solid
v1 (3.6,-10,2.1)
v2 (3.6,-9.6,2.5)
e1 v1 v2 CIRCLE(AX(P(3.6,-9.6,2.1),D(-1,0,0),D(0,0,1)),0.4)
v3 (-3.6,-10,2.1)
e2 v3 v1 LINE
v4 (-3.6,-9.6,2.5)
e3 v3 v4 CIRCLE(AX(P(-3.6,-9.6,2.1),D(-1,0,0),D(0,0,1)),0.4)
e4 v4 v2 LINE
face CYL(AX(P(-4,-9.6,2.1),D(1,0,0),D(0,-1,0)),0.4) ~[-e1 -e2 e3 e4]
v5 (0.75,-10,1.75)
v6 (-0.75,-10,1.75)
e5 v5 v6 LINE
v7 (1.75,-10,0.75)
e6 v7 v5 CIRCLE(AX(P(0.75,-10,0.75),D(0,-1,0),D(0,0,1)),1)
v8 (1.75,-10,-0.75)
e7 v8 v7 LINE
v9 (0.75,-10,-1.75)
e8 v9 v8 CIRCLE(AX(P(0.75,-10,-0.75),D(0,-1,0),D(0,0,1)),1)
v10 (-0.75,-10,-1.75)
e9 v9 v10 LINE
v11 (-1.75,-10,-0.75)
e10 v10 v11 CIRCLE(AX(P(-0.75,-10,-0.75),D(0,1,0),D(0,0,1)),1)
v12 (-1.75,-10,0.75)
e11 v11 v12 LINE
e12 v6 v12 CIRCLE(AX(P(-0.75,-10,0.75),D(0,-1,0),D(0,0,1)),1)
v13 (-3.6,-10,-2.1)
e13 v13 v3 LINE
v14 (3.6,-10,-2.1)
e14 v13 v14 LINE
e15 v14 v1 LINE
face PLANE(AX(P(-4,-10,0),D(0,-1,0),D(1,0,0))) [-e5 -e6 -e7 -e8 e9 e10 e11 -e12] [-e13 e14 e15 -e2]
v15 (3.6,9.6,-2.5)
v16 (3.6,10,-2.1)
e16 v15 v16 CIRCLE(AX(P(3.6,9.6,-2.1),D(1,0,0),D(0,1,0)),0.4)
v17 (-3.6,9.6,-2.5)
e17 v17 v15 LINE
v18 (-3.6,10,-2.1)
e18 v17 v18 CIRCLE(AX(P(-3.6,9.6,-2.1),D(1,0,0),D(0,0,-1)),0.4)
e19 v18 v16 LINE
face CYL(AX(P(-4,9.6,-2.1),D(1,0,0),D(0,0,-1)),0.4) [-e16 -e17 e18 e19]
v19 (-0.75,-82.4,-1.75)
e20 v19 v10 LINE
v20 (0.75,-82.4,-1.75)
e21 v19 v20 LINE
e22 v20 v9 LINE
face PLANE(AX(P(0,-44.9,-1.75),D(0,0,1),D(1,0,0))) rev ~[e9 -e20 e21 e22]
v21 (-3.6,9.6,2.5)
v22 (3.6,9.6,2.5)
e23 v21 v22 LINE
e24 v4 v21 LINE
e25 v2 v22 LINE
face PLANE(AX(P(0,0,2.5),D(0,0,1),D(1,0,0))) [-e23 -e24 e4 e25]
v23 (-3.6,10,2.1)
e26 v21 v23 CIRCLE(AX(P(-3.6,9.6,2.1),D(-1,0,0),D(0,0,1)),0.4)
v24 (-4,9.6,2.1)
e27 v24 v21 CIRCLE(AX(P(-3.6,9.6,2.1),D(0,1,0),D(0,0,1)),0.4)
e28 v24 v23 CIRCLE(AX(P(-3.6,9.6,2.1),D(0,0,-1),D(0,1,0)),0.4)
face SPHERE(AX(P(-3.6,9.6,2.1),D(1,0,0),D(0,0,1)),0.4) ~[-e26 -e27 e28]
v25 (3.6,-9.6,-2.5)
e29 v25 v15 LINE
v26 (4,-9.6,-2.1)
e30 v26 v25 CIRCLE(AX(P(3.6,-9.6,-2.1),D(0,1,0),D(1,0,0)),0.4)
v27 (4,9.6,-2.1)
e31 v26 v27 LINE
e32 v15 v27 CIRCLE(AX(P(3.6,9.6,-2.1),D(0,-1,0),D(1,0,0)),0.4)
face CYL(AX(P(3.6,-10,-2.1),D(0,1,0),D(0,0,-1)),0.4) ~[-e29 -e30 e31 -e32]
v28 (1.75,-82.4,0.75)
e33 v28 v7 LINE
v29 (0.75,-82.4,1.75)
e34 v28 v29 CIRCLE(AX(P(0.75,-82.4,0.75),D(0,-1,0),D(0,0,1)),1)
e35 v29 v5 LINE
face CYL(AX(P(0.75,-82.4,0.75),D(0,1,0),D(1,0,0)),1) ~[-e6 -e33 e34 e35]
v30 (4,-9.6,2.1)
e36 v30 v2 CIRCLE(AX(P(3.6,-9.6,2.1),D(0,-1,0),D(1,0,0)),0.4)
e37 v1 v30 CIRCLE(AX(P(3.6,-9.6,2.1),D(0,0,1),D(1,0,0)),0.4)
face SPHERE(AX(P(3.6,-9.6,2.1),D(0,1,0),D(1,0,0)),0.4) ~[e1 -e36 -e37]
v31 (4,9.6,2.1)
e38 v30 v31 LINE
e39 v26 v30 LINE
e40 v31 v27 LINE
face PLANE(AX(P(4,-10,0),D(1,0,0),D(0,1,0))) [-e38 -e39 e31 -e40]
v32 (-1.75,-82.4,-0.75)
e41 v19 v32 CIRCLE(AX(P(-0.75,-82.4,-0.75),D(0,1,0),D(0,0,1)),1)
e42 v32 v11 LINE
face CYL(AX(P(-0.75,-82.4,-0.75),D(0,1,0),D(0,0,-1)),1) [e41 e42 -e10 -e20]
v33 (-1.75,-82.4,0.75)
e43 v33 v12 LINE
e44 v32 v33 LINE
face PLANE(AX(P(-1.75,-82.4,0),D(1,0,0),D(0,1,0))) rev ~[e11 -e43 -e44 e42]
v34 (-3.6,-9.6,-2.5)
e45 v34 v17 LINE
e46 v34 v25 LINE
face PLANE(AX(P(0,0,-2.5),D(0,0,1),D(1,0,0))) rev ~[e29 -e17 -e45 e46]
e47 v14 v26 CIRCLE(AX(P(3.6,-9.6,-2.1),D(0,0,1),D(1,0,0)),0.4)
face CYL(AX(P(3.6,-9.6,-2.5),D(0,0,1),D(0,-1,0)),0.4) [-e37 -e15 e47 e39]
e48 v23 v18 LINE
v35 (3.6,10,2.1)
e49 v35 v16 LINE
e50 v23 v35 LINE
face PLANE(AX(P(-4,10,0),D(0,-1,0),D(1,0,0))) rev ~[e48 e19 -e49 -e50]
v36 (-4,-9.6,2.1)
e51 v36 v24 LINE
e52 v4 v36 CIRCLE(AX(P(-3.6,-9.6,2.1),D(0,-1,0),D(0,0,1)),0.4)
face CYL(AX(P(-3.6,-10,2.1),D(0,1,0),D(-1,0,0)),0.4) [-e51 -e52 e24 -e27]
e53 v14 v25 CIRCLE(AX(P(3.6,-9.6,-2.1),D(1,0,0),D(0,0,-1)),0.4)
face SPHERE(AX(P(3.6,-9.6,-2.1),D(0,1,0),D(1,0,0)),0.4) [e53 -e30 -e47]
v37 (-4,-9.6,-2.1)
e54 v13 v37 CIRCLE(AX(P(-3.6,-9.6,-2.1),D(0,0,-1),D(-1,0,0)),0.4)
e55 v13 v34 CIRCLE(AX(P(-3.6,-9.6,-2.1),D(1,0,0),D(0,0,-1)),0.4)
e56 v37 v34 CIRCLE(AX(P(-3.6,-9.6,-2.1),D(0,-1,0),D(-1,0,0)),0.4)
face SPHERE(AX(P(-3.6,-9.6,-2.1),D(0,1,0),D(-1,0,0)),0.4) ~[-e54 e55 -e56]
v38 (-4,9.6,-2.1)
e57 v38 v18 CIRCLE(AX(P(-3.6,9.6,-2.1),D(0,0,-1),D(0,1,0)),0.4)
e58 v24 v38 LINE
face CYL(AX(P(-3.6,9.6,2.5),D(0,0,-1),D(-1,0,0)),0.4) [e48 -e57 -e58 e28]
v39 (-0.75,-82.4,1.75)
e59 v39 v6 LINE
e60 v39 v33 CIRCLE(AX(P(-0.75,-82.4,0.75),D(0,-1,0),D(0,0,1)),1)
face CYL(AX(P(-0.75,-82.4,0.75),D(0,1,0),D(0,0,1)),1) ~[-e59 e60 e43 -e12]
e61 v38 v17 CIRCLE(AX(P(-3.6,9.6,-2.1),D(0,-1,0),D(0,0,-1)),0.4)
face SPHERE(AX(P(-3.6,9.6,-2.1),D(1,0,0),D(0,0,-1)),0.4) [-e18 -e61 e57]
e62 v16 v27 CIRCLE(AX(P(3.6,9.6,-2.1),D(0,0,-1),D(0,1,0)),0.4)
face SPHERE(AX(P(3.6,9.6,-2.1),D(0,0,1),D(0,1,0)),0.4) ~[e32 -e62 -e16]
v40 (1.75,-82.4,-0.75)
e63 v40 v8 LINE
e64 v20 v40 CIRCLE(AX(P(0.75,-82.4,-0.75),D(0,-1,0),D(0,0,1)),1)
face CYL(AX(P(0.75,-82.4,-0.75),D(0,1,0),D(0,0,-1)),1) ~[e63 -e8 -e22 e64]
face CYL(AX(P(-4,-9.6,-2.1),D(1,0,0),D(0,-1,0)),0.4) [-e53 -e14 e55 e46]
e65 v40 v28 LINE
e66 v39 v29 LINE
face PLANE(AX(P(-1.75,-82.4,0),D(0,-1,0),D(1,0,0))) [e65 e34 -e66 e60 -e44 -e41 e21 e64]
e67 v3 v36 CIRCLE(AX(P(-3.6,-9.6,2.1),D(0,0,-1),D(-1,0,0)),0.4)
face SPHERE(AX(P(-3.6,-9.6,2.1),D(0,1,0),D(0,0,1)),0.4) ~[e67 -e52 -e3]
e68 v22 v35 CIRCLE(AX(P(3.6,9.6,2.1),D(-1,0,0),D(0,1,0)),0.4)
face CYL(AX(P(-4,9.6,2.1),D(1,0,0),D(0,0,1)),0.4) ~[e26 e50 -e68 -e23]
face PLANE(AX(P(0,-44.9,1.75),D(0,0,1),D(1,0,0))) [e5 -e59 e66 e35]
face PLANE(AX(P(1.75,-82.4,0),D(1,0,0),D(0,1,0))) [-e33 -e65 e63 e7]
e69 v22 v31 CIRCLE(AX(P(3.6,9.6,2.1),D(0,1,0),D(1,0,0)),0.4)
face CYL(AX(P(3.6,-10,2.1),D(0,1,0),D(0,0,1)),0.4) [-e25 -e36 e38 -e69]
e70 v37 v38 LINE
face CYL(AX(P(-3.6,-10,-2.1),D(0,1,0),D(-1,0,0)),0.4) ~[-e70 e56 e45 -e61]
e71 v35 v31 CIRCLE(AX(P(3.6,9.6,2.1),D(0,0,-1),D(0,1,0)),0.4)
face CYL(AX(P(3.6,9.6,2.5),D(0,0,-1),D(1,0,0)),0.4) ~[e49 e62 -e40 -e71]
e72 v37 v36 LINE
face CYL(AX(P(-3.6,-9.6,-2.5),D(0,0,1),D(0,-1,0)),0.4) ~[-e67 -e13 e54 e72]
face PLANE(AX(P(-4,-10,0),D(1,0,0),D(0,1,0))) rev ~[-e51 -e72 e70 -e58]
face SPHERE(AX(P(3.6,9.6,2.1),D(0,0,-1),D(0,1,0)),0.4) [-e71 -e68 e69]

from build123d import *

# Parameters (mm, degrees)
F0_W     = 8
F0_H     = 20
F1_DEPTH = 2.5
F2_W     = 3.5
F2_H     = 75
F3_DEPTH = 1.75
F4_R     = 0.4
F5_R     = 1


with BuildPart() as f1:
    # F0 (on Top) → F1 (new body, symmetric)
    with BuildSketch(Plane.XY):
        Rectangle(F0_W, F0_H)
    extrude(amount=F1_DEPTH, both=True)

    # F2 (on Top) → F3 (join, symmetric)
    with BuildSketch(Plane.XY):
        with Locations((0, -44.9)):
            Rectangle(F2_W, F2_H)
    extrude(amount=F3_DEPTH, both=True)

    # F4
    f4_edges = [f1.edges().sort_by_distance(p)[0] for p in [
        (4, 10, 0),
        (0, 10, -2.5),
        (0, 10, 2.5),
        (-4, 0, 2.5),
        (4, 0, -2.5),
        (-4, 0, -2.5),
        (4, 0, 2.5),
        (-4, 10, 0),
        (4, -10, 0),
        (0, -10, 2.5),
        (-4, -10, 0),
        (0, -10, -2.5),
    ]]
    fillet(f4_edges, radius=F4_R)

    # F5
    f5_edges = [f1.edges().sort_by_distance(p)[0] for p in [
        (1.75, -46.2, -1.75),
        (-1.75, -46.2, -1.75),
        (1.75, -46.2, 1.75),
        (-1.75, -46.2, 1.75),
    ]]
    fillet(f5_edges, radius=F5_R)


solid = f1.part
